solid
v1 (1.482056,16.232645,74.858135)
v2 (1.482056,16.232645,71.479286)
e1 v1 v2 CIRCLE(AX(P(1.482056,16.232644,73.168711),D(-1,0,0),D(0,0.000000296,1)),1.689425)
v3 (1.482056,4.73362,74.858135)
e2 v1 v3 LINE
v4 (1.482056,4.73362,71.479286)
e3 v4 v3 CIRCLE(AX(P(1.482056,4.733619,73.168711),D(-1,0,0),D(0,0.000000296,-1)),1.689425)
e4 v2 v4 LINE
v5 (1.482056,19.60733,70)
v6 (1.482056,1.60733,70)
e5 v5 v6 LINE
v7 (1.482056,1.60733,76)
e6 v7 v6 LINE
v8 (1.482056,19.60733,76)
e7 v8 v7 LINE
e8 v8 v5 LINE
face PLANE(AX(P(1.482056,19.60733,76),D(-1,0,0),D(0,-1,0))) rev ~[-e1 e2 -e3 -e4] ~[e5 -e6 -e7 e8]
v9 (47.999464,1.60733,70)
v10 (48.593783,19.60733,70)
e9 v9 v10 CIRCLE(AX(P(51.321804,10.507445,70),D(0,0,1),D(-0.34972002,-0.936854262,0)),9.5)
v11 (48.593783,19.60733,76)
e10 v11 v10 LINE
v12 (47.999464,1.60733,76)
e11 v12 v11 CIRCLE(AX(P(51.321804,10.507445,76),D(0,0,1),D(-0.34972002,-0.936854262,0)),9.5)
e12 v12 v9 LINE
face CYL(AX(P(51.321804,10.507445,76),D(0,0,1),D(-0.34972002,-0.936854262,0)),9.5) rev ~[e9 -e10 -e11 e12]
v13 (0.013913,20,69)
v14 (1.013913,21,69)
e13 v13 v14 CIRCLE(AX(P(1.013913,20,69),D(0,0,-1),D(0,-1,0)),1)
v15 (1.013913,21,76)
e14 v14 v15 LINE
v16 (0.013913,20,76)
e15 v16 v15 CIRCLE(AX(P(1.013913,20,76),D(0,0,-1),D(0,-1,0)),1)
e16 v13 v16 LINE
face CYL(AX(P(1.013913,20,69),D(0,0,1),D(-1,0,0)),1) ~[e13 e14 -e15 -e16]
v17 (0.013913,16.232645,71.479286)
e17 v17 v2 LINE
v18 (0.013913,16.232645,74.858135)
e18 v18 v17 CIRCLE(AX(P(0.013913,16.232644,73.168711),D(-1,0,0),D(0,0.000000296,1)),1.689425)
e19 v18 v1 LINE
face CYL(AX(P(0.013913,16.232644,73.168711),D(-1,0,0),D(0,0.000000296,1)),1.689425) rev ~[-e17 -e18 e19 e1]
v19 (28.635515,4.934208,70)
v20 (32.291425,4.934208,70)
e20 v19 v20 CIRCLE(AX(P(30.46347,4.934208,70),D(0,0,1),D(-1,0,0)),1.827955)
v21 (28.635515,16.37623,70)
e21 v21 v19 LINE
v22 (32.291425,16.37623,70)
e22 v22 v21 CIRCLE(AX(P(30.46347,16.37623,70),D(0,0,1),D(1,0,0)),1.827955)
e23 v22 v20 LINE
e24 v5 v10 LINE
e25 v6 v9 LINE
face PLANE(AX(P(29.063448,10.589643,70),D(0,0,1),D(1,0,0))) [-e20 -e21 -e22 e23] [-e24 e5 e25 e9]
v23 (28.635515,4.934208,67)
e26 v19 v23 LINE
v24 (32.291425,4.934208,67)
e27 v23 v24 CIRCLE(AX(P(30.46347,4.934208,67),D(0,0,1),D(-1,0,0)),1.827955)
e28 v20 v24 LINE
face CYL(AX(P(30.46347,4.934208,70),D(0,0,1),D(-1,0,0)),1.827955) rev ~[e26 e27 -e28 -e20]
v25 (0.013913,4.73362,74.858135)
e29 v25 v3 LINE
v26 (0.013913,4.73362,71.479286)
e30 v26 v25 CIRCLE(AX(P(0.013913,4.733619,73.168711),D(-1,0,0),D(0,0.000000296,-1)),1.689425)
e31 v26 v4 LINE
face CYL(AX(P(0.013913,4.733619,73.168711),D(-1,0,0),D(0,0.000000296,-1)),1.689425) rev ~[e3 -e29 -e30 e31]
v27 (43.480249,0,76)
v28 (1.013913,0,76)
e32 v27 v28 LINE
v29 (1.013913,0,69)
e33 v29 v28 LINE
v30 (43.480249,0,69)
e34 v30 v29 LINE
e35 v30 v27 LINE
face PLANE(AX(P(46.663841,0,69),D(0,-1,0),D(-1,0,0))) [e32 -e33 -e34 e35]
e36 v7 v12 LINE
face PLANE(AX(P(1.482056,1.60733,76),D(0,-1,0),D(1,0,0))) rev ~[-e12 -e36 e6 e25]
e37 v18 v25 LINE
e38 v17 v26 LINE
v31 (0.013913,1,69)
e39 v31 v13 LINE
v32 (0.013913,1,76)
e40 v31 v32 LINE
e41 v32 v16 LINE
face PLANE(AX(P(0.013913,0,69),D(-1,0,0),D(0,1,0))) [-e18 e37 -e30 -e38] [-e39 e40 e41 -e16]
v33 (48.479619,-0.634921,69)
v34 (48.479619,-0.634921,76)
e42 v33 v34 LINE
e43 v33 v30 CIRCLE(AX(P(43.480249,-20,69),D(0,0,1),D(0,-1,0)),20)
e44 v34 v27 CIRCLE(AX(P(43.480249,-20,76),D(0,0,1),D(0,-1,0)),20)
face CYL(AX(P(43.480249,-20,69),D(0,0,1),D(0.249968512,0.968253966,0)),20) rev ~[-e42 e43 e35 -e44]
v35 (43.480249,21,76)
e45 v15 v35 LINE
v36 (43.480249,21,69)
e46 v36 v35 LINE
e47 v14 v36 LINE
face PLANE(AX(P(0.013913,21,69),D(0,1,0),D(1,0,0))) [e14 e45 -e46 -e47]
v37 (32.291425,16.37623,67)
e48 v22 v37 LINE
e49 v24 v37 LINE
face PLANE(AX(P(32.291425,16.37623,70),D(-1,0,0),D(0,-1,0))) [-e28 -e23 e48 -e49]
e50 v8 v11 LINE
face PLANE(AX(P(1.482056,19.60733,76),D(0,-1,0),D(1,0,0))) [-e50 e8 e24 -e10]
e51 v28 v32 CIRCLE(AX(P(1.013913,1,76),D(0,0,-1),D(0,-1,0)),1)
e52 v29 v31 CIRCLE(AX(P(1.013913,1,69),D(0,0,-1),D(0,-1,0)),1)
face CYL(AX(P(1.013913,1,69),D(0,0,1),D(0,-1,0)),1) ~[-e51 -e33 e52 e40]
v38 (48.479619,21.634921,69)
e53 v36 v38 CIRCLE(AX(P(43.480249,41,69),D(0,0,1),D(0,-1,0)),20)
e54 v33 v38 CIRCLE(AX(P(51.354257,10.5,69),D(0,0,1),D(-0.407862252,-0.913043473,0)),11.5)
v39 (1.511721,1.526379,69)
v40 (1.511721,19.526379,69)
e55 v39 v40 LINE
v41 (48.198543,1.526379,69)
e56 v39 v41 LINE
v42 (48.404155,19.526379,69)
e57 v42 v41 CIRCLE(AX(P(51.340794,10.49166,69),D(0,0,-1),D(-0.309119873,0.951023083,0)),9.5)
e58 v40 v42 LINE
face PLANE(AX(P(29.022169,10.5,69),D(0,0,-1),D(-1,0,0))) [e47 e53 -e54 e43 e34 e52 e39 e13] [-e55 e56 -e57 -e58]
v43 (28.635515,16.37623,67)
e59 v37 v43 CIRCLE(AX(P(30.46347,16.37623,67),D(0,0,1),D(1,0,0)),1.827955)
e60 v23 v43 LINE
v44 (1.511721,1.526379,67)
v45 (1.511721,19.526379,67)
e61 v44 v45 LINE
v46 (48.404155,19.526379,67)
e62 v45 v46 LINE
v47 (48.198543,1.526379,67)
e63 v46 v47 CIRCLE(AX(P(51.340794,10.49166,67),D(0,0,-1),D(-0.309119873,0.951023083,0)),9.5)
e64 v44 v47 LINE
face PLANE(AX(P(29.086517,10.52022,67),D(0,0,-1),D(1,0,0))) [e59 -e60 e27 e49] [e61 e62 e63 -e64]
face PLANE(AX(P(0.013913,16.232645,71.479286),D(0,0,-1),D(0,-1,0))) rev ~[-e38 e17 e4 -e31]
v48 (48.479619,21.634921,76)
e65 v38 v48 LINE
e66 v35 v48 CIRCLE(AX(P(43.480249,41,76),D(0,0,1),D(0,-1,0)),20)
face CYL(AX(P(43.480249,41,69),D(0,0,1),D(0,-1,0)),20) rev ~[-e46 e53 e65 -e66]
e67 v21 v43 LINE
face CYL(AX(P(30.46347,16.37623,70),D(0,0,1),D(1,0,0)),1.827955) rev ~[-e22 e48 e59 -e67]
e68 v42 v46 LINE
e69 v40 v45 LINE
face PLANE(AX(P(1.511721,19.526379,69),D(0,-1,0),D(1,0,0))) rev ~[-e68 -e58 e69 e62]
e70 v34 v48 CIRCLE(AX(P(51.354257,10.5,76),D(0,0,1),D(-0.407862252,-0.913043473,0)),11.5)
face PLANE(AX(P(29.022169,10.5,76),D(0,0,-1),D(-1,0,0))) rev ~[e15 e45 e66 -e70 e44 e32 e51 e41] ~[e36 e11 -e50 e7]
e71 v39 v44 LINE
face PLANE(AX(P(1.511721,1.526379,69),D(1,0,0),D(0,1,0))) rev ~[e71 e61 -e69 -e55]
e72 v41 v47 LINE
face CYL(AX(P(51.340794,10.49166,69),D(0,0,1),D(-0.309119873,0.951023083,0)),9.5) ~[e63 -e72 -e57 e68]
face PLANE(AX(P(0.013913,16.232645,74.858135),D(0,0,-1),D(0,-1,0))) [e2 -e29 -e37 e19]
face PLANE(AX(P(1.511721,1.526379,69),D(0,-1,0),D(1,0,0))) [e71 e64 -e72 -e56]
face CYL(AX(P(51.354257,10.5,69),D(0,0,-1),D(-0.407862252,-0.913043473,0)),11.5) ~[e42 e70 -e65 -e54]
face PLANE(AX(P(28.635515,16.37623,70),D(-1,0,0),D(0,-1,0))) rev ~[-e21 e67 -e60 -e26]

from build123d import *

# Parameters (mm, degrees)
PAD_DEPTH       = 7
PAD001_DEPTH    = 2
FILLET_R        = 20
FILLET001_R     = 20
FILLET002_R     = 1
FILLET003_R     = 1
POCKET_DEPTH    = 6
POCKET001_DEPTH = 5
POCKET002_DEPTH = 5


with BuildPart() as part:
    # Sketch003 → Pad (new body)
    with BuildSketch(Plane.XY.offset(69)):
        with BuildLine():
            Line((0.013913, 21), (46.663841, 21))
            ThreePointArc((46.663841, 0), (62.854257, 10.5), (46.663841, 21))
            Line((46.663841, 0), (0.013913, 0))
            Line((0.013913, 0), (0.013913, 21))
        make_face()
    extrude(amount=PAD_DEPTH)

    # Sketch → Pad001 (new body)
    with BuildSketch(Plane(origin=(0, 0, 69), x_dir=(1, 0, 0), z_dir=(0, 0, -1))):
        with BuildLine():
            Line((1.511721, -19.526379), (48.404155, -19.526379))
            ThreePointArc((48.404155, -19.526379), (60.840174, -10.38315), (48.198543, -1.526379))
            Line((1.511721, -1.526379), (48.198543, -1.526379))
            Line((1.511721, -1.526379), (1.511721, -19.526379))
        make_face()
    extrude(amount=PAD001_DEPTH)

    # Fillet
    fillet_edges = [part.edges().sort_by_distance(p)[0] for p in [
        (46.663841, 21, 72.5),
    ]]
    fillet(fillet_edges, radius=FILLET_R)

    # Fillet001
    fillet001_edges = [part.edges().sort_by_distance(p)[0] for p in [
        (46.663841, 0, 72.5),
    ]]
    fillet(fillet001_edges, radius=FILLET001_R)

    # Fillet002
    fillet002_edges = [part.edges().sort_by_distance(p)[0] for p in [
        (0.013913, 0, 72.5),
    ]]
    fillet(fillet002_edges, radius=FILLET002_R)

    # Fillet003
    fillet003_edges = [part.edges().sort_by_distance(p)[0] for p in [
        (0.013913, 21, 72.5),
    ]]
    fillet(fillet003_edges, radius=FILLET003_R)

    # Sketch004 → Pocket (cut)
    with BuildSketch(Plane.XY.offset(76)):
        with BuildLine():
            Line((1.482056, 1.60733), (47.999464, 1.60733))
            ThreePointArc((47.999464, 1.60733), (60.81663, 10.193947), (48.593783, 19.60733))
            Line((1.482056, 19.60733), (48.593783, 19.60733))
            Line((1.482056, 19.60733), (1.482056, 1.60733))
        make_face()
    extrude(amount=-POCKET_DEPTH, mode=Mode.SUBTRACT)

    # Sketch005 → Pocket001 (cut)
    with BuildSketch(Plane(origin=(0.013913, 0, 69), x_dir=(0, -1, 0), z_dir=(-1, 0, 0))):
        with BuildLine():
            ThreePointArc((-16.232645, 5.858135), (-17.922069, 4.168711), (-16.232645, 2.479286))
            Line((-16.232645, 2.479286), (-4.73362, 2.479286))
            ThreePointArc((-4.73362, 2.479286), (-3.044195, 4.168711), (-4.73362, 5.858135))
            Line((-16.232645, 5.858135), (-4.73362, 5.858135))
        make_face()
    extrude(amount=-POCKET001_DEPTH, mode=Mode.SUBTRACT)

    # Sketch006 → Pocket002 (cut)
    with BuildSketch(Plane.XY.offset(70)):
        with BuildLine():
            ThreePointArc((32.291425, 16.37623), (30.46347, 18.204185), (28.635515, 16.37623))
            Line((28.635515, 16.37623), (28.635515, 4.934208))
            ThreePointArc((28.635515, 4.934208), (30.46347, 3.106253), (32.291425, 4.934208))
            Line((32.291425, 16.37623), (32.291425, 4.934208))
        make_face()
    extrude(amount=-POCKET002_DEPTH, mode=Mode.SUBTRACT)


solid = part.part
